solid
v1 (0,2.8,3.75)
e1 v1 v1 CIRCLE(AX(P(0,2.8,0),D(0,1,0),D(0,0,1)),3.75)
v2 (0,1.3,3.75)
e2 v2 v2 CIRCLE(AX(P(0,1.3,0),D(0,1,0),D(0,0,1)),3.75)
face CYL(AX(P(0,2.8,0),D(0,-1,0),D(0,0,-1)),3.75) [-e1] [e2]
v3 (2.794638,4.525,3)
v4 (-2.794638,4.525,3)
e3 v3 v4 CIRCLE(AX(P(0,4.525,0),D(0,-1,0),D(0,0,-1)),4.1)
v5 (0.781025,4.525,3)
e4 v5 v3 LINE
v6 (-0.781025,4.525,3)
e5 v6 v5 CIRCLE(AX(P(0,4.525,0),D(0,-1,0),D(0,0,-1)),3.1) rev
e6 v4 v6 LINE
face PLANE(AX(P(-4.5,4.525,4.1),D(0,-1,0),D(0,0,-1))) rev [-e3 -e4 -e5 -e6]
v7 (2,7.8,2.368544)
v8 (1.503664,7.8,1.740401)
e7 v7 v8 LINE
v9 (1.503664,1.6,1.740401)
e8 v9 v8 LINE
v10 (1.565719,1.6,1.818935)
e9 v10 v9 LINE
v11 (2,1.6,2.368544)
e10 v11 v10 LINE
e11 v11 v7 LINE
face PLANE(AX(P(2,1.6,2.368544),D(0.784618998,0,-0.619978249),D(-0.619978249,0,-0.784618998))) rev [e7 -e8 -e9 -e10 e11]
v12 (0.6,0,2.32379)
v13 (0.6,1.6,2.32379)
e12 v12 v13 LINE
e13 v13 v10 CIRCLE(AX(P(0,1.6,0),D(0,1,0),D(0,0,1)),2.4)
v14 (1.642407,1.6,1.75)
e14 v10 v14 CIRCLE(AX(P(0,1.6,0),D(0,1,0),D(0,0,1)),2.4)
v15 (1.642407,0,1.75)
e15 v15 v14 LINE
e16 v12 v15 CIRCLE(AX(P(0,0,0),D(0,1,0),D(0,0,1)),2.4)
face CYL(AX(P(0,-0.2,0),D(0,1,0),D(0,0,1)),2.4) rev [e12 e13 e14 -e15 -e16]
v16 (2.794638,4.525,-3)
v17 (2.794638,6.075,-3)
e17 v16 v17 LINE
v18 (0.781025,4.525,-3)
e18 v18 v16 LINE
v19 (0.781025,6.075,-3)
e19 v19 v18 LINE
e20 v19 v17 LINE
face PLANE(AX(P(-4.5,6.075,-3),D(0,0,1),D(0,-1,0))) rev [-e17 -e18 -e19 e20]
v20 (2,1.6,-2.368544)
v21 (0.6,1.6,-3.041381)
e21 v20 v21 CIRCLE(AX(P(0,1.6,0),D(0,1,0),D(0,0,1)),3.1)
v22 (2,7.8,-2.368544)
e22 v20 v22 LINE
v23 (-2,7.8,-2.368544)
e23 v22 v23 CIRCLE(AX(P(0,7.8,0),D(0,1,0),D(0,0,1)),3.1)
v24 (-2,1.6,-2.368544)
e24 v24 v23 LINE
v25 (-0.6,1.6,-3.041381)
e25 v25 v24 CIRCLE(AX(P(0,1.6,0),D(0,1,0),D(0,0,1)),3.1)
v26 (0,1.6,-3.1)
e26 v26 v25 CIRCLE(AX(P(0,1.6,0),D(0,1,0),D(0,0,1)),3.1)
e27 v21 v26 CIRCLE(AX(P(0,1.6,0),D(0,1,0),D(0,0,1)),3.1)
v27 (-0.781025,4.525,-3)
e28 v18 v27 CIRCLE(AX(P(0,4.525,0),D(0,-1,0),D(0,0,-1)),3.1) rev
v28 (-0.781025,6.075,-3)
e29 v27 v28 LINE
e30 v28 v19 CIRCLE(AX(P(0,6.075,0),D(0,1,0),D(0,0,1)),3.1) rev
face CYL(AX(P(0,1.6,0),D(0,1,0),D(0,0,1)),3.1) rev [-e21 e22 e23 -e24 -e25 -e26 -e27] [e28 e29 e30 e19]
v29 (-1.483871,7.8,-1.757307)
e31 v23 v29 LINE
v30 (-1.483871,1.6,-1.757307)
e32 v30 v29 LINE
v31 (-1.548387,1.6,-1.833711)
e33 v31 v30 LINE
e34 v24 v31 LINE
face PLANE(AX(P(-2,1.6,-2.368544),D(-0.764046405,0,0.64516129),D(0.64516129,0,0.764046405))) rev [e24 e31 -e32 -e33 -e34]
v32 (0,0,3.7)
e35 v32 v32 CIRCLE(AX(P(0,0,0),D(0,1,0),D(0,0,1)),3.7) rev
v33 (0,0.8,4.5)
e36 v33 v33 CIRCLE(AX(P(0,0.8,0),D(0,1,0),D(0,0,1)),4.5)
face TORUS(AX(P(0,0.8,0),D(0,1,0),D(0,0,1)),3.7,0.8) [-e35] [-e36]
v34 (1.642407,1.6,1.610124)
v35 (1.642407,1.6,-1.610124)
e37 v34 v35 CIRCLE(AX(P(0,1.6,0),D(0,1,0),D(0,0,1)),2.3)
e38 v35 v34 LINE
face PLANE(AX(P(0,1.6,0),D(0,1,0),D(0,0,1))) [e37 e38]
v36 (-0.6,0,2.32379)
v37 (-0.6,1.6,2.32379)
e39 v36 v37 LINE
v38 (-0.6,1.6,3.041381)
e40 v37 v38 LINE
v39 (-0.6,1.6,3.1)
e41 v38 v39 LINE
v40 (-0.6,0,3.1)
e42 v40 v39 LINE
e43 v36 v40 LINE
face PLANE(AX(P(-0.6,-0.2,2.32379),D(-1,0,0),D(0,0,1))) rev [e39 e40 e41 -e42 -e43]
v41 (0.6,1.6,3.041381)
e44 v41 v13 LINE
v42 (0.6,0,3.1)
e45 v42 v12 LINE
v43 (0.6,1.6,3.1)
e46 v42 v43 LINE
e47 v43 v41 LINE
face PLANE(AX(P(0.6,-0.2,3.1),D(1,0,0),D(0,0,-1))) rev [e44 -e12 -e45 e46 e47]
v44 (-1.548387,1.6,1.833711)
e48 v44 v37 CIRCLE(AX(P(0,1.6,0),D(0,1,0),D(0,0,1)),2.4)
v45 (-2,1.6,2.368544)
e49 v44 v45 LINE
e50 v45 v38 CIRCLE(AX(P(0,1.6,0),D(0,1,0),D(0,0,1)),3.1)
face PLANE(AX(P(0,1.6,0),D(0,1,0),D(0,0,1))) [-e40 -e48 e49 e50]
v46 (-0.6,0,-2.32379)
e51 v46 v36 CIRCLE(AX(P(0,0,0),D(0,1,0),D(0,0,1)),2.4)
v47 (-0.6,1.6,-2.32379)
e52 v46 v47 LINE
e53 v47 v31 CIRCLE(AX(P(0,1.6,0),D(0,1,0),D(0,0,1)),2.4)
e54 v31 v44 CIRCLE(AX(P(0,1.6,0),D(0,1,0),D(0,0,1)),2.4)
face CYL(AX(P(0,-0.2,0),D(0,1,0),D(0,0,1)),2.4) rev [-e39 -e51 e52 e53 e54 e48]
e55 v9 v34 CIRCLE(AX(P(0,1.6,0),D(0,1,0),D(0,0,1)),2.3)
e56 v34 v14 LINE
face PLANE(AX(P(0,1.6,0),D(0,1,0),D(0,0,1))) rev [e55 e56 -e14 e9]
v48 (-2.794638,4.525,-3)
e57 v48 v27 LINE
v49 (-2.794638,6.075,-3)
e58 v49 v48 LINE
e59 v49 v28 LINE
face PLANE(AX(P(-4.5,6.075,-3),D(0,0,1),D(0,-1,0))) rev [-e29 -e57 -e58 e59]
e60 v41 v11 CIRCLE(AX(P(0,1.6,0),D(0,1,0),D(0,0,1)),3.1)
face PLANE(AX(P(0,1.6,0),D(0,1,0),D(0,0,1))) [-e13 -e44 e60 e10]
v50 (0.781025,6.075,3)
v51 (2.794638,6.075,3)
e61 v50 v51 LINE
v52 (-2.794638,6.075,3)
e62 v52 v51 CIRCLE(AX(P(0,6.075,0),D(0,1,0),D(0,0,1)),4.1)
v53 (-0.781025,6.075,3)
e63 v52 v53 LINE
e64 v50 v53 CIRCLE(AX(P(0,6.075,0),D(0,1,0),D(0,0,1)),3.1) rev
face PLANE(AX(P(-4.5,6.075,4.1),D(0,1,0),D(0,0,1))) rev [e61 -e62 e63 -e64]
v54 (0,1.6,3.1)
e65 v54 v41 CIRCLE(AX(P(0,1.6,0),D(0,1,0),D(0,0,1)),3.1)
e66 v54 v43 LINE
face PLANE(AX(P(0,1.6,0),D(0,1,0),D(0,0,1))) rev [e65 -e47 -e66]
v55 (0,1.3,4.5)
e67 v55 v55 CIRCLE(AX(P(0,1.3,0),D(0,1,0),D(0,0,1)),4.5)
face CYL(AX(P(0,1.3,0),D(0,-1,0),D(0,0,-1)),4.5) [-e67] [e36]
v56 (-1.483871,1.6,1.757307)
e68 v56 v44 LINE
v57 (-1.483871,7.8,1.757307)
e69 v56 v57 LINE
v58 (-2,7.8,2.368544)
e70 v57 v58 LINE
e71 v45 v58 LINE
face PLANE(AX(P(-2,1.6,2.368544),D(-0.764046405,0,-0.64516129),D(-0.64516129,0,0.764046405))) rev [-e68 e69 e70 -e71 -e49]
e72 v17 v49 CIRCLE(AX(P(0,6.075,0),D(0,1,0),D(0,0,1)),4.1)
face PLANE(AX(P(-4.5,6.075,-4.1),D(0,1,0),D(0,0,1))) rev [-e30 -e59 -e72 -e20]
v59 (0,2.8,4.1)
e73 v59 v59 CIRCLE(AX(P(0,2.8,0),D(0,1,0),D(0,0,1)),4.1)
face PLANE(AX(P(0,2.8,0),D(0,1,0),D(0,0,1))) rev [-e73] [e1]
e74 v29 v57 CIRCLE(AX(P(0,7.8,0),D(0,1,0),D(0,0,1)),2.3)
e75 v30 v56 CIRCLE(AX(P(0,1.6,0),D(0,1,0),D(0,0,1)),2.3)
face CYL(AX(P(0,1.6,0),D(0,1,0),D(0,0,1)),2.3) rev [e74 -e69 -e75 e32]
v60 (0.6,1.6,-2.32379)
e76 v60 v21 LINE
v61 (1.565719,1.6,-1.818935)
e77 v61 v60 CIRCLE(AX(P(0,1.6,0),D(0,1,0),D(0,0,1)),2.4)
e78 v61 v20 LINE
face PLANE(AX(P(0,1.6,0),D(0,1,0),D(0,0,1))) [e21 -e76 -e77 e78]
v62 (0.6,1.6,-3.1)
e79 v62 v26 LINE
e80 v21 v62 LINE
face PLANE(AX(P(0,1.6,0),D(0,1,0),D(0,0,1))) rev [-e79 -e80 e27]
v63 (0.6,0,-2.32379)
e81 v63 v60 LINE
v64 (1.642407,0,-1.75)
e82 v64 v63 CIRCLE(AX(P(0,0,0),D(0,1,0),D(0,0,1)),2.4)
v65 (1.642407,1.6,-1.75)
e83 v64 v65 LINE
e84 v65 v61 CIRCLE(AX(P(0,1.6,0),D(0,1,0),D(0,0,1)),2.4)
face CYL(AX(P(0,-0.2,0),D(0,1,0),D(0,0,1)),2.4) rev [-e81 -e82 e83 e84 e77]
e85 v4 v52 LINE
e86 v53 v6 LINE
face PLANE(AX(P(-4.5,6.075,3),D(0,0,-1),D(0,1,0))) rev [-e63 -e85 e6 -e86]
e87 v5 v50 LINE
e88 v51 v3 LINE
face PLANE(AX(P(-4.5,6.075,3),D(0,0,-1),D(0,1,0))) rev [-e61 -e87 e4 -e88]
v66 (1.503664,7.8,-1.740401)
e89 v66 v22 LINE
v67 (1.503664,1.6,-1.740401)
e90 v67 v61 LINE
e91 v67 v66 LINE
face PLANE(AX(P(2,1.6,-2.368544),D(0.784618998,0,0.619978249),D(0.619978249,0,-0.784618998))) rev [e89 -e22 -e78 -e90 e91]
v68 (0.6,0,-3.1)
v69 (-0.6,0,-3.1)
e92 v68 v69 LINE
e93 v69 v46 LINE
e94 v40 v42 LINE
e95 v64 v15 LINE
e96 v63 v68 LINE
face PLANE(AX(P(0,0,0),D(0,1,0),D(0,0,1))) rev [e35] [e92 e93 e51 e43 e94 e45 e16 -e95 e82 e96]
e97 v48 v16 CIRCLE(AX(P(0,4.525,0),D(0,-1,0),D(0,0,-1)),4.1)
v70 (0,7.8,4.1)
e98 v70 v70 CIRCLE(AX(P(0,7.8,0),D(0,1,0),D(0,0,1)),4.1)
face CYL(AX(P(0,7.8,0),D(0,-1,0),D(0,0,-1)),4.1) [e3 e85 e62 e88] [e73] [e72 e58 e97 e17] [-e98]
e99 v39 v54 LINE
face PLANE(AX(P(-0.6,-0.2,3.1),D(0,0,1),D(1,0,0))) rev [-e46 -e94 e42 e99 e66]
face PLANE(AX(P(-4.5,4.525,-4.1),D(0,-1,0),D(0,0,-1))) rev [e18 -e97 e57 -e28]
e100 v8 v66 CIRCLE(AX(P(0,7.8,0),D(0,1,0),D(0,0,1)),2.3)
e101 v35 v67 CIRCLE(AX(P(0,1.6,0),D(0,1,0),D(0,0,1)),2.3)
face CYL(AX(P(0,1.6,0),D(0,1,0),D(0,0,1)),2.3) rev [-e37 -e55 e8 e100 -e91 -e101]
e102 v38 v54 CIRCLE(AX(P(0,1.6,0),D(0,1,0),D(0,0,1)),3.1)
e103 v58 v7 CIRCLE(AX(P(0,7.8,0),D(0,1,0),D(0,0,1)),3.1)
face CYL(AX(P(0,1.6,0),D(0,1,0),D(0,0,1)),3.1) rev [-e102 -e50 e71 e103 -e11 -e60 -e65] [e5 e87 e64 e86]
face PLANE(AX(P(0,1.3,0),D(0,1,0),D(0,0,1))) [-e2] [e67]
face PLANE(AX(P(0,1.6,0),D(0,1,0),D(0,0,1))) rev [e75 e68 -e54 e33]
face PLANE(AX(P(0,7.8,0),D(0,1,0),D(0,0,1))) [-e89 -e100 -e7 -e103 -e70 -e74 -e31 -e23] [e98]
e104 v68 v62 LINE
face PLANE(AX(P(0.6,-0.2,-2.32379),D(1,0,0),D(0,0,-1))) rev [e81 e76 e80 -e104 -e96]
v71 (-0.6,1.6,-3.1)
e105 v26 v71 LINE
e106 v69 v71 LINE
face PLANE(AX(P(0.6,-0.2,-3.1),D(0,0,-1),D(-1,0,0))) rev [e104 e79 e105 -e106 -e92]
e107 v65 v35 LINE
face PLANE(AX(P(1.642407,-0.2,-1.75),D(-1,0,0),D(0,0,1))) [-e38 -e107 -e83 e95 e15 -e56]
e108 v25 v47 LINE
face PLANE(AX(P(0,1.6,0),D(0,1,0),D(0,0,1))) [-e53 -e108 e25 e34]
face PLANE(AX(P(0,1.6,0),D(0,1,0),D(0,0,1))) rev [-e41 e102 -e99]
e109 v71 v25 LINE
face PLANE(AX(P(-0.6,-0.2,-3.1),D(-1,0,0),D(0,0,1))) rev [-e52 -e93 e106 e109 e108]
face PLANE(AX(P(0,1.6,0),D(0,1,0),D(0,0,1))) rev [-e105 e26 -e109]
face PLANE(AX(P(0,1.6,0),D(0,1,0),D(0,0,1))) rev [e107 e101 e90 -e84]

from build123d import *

# Parameters (mm, degrees)
CROQUIS1_R                 = 4.5
SALIENTE_EXTRUIR1_DEPTH    = 1.3
CROQUIS2_R                 = 3.75
SALIENTE_EXTRUIR2_DEPTH    = 1.5
CROQUIS3_R                 = 4.1
SALIENTE_EXTRUIR3_DEPTH    = 5
CORTAR_EXTRUIR3_DEPTH      = 6.2
CORTAR_EXTRUIR4_DEPTH      = 1.8
REDONDEO1_R                = 0.8
CORTAR_EXTRUIR5_DEPTH      = 11.066777041
CORTAR_EXTRUIR5_DEPTH_BACK = 11.066777041
CROQUIS8_W                 = 1.1
CROQUIS8_H                 = 1.55


with BuildPart() as part:
    # Croquis1 → Saliente-Extruir1 (new body)
    with BuildSketch(Plane(origin=(0, 0, 0), x_dir=(1, 0, 0), z_dir=(0, 1, 0))):
        with Locations(Location((0, 0, 0), (0, 0, 270))):
            Circle(CROQUIS1_R)
    extrude(amount=SALIENTE_EXTRUIR1_DEPTH)

    # Croquis2 → Saliente-Extruir2 (add)
    with BuildSketch(Plane(origin=(0, 1.3, 0), x_dir=(1, 0, 0), z_dir=(0, 1, 0))):
        with Locations(Location((0, 0, 0), (0, 0, 270))):
            Circle(CROQUIS2_R)
    extrude(amount=SALIENTE_EXTRUIR2_DEPTH)

    # Croquis3 → Saliente-Extruir3 (add)
    with BuildSketch(Plane(origin=(0, 2.8, 0), x_dir=(1, 0, 0), z_dir=(0, 1, 0))):
        with Locations(Location((0, 0, 0), (0, 0, 270))):
            Circle(CROQUIS3_R)
    extrude(amount=SALIENTE_EXTRUIR3_DEPTH)

    # Croquis4 → Cortar-Extruir3 (cut)
    with BuildSketch(Plane(origin=(0, 7.8, 0), x_dir=(1, 0, 0), z_dir=(0, 1, 0))):
        with BuildLine():
            Line((-2, 2.368543856), (-1.483870968, 1.757306732))
            ThreePointArc((-1.483870968, 1.757306732), (-2.3, 0), (-1.483870968, -1.757306732))
            Line((-1.483870968, -1.757306732), (-2, -2.368543856))
            ThreePointArc((-2, -2.368543856), (0, -3.1), (2, -2.368543856))
            Line((2, -2.368543856), (1.503663664, -1.740400984))
            ThreePointArc((1.503663664, -1.740400984), (2.3, 0), (1.503663664, 1.740400984))
            Line((1.503663664, 1.740400984), (2, 2.368543856))
            ThreePointArc((2, 2.368543856), (0, 3.1), (-2, 2.368543856))
        make_face()
    extrude(amount=-CORTAR_EXTRUIR3_DEPTH, mode=Mode.SUBTRACT)

    # Croquis7 → Cortar-Extruir4 (cut)
    with BuildSketch(Plane(origin=(0, 1.6, 0), x_dir=(1, 0, 0), z_dir=(0, 1, 0))):
        with BuildLine():
            Line((1.642406771, 1.75), (1.642406771, -1.75))
            ThreePointArc((1.642406771, -1.75), (1.157326995, -2.102520922), (0.6, -2.323790008))
            Line((0.6, -2.323790008), (0.6, -3.1))
            Line((0.6, -3.1), (-0.6, -3.1))
            Line((-0.6, -3.1), (-0.6, -2.323790008))
            ThreePointArc((-0.6, -2.323790008), (-2.4, 0), (-0.6, 2.323790008))
            Line((-0.6, 2.323790008), (-0.6, 3.1))
            Line((-0.6, 3.1), (0.6, 3.1))
            Line((0.6, 3.1), (0.6, 2.323790008))
            ThreePointArc((0.6, 2.323790008), (1.157326995, 2.102520922), (1.642406771, 1.75))
        make_face()
    extrude(amount=-CORTAR_EXTRUIR4_DEPTH, mode=Mode.SUBTRACT)

    # Redondeo1
    redondeo1_edges = [part.edges().sort_by_distance(p)[0] for p in [
        (0, 0, -4.5),
    ]]
    fillet(redondeo1_edges, radius=REDONDEO1_R)

    # Croquis8 → Cortar-Extruir5 (cut, two sides: drawn at the far end of the back side and taken through both)
    with BuildSketch(Plane(origin=(0, 0, 0), x_dir=(0, 0, -1), z_dir=(1, 0, 0)).offset(-CORTAR_EXTRUIR5_DEPTH_BACK)):
        with Locations((-3.55, 5.3)):
            Rectangle(CROQUIS8_W, CROQUIS8_H)
        with Locations((3.55, 5.3)):
            Rectangle(CROQUIS8_W, CROQUIS8_H)
    extrude(amount=CORTAR_EXTRUIR5_DEPTH + CORTAR_EXTRUIR5_DEPTH_BACK, mode=Mode.SUBTRACT)


solid = part.part
